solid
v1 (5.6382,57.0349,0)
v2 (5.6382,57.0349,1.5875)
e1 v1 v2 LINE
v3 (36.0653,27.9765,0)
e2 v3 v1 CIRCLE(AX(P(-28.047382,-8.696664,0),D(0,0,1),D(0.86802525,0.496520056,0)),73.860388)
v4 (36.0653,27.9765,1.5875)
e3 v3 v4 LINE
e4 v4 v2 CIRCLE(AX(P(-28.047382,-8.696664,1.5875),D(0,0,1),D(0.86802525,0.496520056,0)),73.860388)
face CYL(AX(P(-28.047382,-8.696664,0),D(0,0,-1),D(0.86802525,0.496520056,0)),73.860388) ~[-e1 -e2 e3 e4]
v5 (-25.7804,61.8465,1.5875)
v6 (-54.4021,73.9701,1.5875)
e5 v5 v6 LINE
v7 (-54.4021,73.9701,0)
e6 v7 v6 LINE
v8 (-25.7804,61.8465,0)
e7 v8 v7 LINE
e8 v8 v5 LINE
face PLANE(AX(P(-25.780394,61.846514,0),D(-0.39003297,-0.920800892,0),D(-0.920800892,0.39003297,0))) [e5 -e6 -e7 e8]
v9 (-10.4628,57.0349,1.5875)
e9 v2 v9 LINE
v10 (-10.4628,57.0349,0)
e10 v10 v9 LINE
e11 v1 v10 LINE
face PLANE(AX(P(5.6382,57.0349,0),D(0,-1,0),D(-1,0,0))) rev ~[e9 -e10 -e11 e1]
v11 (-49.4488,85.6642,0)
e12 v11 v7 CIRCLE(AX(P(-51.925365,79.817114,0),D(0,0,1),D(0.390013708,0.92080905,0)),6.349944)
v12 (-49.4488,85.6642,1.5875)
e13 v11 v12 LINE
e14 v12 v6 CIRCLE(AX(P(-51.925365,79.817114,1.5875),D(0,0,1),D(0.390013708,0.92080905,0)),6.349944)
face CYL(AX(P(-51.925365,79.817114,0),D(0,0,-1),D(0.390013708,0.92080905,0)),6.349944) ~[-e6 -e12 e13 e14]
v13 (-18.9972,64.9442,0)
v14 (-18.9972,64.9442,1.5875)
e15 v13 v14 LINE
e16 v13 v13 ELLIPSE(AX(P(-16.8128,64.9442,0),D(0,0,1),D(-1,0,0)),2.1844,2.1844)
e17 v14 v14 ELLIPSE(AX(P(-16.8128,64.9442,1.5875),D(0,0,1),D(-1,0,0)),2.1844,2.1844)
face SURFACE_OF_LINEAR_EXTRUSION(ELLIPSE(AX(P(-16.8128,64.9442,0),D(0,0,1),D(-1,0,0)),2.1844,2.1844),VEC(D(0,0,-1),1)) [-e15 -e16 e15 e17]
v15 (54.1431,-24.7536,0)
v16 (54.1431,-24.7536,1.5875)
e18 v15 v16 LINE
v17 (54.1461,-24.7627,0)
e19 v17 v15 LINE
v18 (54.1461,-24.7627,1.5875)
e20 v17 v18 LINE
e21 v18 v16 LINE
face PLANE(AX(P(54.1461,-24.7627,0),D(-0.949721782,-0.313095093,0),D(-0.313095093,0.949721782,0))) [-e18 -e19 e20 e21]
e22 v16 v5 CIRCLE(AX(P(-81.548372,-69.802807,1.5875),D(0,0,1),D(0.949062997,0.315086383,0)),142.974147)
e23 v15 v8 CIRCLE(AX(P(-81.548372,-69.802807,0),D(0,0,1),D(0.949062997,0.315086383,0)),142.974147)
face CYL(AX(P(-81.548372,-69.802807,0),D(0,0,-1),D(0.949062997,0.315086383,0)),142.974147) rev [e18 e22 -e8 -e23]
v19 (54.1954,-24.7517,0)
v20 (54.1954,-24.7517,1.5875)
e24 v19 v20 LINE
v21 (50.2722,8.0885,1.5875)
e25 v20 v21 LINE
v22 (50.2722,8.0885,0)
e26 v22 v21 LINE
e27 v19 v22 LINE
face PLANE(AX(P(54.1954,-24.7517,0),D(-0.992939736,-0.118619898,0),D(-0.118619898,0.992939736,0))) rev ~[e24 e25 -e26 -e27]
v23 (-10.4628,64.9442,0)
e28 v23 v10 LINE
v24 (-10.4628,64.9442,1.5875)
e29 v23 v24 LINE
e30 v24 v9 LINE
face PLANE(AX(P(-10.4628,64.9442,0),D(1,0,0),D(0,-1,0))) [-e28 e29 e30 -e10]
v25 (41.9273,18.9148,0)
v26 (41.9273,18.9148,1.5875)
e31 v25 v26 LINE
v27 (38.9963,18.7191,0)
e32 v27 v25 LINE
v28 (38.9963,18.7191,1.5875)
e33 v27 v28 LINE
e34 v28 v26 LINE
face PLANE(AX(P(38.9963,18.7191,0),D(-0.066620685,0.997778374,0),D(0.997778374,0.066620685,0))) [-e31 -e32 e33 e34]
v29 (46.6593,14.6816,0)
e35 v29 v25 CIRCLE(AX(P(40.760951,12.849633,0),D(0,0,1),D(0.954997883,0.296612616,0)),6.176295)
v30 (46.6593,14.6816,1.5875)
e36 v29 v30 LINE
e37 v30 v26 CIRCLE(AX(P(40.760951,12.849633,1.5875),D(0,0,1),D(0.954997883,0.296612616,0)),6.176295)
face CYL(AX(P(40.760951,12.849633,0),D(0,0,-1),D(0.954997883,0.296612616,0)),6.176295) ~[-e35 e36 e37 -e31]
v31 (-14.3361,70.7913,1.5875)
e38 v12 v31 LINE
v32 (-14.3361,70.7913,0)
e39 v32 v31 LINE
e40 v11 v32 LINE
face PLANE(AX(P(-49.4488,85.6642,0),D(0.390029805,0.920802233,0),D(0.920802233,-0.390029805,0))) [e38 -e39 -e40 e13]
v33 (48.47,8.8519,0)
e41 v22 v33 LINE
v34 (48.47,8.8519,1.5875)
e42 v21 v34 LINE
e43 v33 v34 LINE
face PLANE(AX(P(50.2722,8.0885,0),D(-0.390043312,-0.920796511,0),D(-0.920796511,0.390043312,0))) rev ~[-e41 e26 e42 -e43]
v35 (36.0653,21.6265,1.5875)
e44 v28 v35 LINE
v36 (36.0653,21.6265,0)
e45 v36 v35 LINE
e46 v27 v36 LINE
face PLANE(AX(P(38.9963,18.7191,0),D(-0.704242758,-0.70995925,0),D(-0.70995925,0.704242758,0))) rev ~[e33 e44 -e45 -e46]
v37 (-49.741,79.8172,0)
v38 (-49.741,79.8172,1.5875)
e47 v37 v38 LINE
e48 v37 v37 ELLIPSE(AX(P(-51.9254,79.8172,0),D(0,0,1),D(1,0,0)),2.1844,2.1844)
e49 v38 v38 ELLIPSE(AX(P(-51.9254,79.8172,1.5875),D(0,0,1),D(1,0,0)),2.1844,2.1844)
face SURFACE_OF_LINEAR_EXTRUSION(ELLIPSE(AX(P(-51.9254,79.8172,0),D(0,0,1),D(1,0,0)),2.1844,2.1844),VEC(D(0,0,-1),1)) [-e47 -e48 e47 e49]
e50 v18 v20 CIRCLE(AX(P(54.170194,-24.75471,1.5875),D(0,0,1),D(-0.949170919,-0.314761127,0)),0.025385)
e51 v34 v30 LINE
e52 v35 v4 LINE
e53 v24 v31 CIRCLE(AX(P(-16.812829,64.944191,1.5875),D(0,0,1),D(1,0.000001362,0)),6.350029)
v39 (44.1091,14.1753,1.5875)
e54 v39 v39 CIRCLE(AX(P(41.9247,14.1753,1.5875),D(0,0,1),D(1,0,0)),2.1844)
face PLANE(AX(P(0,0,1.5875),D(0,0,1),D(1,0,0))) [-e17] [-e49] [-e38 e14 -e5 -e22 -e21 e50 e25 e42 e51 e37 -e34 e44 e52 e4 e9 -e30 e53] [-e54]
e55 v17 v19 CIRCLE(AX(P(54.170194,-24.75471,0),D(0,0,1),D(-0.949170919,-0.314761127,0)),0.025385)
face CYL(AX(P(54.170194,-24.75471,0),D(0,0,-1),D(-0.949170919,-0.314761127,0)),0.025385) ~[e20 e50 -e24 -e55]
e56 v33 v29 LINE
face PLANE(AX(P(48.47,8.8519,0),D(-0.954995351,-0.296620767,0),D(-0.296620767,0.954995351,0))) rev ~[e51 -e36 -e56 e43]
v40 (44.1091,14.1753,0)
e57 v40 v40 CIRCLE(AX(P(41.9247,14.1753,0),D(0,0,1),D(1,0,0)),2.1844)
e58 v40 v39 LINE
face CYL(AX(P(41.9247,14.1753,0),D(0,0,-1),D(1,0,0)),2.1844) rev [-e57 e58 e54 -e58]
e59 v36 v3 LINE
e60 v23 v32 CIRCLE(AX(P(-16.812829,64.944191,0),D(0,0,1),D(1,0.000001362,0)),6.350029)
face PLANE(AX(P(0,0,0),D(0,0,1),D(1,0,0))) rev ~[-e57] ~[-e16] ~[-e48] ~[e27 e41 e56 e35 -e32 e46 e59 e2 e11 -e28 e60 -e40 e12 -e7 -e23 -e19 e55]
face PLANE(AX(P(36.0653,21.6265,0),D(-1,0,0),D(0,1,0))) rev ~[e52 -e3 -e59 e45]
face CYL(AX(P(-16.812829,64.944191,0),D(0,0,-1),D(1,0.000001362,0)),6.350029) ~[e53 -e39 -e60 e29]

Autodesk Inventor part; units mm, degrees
ref_plane "YZ Plane" through (0, 0, 0) normal (1, 0, 0) x (0, 1, 0)
ref_plane "XZ Plane" through (0, 0, 0) normal (0, 1, 0) x (-1, 0, 0)
ref_plane "XY Plane" through (0, 0, 0) normal (0, 0, 1) x (1, 0, 0)
sketch "Sketch1" plane through (0, 0, 0) normal (0, 0, 1) x (1, 0, 0)
  circle A0 centre (41.9247, 14.1753) radius 2.1844
  ellipse E0 centre (-16.8128, 64.9442) end of major axis (-18.9972, 64.9442) minor radius 2.1844
  ellipse E1 centre (-51.9254, 79.8172) end of major axis (-49.741, 79.8172) minor radius 2.1844
  line L0 (-19.2895, 59.0971) -> (-54.4021, 73.9701)
  line L1 (-49.4488, 85.6642) -> (-14.3361, 70.7913)
  line L2 (-10.4628, 64.9442) -> (-10.4628, 57.0349)
  line L3 (48.47, 8.8519) -> (46.6593, 14.6816)
  line L4 (50.2722, 8.0885) -> (48.47, 8.8519)
  line L5 (38.9963, 18.7191) -> (36.0653, 21.6265)
  line L6 (38.9963, 18.7191) -> (41.9273, 18.9148)
  line L7 (36.0653, 21.6265) -> (36.0653, 27.9765)
  arc A1 (36.0653, 27.9765) -> (5.6382, 57.0349) centre (-28.0473, -8.6966) ccw
  line L8 (5.6382, 57.0349) -> (-10.4628, 57.0349)
  arc A2 (-49.4488, 85.6642) -> (-54.4021, 73.9701) centre (-51.9254, 79.8172) ccw
  arc A3 (-10.4628, 64.9442) -> (-14.3361, 70.7913) centre (-16.8128, 64.9442) ccw
  arc A4 (46.6593, 14.6816) -> (41.9273, 18.9148) centre (40.7609, 12.8496) ccw
  arc A5 (54.1461, -24.7627) -> (54.1954, -24.7517) centre (54.1702, -24.7547) ccw
  arc A6 (54.1431, -24.7536) -> (-25.7804, 61.8465) centre (-81.5487, -69.803) ccw
  line L9 (54.1461, -24.7627) -> (54.1431, -24.7536)
  line L10 (54.1954, -24.7517) -> (50.2722, 8.0885)
  point P0 (0, 0)
  point P1 (54.2254, -25.0022)
  point P2 (54.1431, -24.7536)
  dimension "d3" = 6.35
  dimension "d4" = 0.0254
extrude "Extrusion1" add sketch "Sketch1" along normal blind 1.5875
properties part number "ramp"
